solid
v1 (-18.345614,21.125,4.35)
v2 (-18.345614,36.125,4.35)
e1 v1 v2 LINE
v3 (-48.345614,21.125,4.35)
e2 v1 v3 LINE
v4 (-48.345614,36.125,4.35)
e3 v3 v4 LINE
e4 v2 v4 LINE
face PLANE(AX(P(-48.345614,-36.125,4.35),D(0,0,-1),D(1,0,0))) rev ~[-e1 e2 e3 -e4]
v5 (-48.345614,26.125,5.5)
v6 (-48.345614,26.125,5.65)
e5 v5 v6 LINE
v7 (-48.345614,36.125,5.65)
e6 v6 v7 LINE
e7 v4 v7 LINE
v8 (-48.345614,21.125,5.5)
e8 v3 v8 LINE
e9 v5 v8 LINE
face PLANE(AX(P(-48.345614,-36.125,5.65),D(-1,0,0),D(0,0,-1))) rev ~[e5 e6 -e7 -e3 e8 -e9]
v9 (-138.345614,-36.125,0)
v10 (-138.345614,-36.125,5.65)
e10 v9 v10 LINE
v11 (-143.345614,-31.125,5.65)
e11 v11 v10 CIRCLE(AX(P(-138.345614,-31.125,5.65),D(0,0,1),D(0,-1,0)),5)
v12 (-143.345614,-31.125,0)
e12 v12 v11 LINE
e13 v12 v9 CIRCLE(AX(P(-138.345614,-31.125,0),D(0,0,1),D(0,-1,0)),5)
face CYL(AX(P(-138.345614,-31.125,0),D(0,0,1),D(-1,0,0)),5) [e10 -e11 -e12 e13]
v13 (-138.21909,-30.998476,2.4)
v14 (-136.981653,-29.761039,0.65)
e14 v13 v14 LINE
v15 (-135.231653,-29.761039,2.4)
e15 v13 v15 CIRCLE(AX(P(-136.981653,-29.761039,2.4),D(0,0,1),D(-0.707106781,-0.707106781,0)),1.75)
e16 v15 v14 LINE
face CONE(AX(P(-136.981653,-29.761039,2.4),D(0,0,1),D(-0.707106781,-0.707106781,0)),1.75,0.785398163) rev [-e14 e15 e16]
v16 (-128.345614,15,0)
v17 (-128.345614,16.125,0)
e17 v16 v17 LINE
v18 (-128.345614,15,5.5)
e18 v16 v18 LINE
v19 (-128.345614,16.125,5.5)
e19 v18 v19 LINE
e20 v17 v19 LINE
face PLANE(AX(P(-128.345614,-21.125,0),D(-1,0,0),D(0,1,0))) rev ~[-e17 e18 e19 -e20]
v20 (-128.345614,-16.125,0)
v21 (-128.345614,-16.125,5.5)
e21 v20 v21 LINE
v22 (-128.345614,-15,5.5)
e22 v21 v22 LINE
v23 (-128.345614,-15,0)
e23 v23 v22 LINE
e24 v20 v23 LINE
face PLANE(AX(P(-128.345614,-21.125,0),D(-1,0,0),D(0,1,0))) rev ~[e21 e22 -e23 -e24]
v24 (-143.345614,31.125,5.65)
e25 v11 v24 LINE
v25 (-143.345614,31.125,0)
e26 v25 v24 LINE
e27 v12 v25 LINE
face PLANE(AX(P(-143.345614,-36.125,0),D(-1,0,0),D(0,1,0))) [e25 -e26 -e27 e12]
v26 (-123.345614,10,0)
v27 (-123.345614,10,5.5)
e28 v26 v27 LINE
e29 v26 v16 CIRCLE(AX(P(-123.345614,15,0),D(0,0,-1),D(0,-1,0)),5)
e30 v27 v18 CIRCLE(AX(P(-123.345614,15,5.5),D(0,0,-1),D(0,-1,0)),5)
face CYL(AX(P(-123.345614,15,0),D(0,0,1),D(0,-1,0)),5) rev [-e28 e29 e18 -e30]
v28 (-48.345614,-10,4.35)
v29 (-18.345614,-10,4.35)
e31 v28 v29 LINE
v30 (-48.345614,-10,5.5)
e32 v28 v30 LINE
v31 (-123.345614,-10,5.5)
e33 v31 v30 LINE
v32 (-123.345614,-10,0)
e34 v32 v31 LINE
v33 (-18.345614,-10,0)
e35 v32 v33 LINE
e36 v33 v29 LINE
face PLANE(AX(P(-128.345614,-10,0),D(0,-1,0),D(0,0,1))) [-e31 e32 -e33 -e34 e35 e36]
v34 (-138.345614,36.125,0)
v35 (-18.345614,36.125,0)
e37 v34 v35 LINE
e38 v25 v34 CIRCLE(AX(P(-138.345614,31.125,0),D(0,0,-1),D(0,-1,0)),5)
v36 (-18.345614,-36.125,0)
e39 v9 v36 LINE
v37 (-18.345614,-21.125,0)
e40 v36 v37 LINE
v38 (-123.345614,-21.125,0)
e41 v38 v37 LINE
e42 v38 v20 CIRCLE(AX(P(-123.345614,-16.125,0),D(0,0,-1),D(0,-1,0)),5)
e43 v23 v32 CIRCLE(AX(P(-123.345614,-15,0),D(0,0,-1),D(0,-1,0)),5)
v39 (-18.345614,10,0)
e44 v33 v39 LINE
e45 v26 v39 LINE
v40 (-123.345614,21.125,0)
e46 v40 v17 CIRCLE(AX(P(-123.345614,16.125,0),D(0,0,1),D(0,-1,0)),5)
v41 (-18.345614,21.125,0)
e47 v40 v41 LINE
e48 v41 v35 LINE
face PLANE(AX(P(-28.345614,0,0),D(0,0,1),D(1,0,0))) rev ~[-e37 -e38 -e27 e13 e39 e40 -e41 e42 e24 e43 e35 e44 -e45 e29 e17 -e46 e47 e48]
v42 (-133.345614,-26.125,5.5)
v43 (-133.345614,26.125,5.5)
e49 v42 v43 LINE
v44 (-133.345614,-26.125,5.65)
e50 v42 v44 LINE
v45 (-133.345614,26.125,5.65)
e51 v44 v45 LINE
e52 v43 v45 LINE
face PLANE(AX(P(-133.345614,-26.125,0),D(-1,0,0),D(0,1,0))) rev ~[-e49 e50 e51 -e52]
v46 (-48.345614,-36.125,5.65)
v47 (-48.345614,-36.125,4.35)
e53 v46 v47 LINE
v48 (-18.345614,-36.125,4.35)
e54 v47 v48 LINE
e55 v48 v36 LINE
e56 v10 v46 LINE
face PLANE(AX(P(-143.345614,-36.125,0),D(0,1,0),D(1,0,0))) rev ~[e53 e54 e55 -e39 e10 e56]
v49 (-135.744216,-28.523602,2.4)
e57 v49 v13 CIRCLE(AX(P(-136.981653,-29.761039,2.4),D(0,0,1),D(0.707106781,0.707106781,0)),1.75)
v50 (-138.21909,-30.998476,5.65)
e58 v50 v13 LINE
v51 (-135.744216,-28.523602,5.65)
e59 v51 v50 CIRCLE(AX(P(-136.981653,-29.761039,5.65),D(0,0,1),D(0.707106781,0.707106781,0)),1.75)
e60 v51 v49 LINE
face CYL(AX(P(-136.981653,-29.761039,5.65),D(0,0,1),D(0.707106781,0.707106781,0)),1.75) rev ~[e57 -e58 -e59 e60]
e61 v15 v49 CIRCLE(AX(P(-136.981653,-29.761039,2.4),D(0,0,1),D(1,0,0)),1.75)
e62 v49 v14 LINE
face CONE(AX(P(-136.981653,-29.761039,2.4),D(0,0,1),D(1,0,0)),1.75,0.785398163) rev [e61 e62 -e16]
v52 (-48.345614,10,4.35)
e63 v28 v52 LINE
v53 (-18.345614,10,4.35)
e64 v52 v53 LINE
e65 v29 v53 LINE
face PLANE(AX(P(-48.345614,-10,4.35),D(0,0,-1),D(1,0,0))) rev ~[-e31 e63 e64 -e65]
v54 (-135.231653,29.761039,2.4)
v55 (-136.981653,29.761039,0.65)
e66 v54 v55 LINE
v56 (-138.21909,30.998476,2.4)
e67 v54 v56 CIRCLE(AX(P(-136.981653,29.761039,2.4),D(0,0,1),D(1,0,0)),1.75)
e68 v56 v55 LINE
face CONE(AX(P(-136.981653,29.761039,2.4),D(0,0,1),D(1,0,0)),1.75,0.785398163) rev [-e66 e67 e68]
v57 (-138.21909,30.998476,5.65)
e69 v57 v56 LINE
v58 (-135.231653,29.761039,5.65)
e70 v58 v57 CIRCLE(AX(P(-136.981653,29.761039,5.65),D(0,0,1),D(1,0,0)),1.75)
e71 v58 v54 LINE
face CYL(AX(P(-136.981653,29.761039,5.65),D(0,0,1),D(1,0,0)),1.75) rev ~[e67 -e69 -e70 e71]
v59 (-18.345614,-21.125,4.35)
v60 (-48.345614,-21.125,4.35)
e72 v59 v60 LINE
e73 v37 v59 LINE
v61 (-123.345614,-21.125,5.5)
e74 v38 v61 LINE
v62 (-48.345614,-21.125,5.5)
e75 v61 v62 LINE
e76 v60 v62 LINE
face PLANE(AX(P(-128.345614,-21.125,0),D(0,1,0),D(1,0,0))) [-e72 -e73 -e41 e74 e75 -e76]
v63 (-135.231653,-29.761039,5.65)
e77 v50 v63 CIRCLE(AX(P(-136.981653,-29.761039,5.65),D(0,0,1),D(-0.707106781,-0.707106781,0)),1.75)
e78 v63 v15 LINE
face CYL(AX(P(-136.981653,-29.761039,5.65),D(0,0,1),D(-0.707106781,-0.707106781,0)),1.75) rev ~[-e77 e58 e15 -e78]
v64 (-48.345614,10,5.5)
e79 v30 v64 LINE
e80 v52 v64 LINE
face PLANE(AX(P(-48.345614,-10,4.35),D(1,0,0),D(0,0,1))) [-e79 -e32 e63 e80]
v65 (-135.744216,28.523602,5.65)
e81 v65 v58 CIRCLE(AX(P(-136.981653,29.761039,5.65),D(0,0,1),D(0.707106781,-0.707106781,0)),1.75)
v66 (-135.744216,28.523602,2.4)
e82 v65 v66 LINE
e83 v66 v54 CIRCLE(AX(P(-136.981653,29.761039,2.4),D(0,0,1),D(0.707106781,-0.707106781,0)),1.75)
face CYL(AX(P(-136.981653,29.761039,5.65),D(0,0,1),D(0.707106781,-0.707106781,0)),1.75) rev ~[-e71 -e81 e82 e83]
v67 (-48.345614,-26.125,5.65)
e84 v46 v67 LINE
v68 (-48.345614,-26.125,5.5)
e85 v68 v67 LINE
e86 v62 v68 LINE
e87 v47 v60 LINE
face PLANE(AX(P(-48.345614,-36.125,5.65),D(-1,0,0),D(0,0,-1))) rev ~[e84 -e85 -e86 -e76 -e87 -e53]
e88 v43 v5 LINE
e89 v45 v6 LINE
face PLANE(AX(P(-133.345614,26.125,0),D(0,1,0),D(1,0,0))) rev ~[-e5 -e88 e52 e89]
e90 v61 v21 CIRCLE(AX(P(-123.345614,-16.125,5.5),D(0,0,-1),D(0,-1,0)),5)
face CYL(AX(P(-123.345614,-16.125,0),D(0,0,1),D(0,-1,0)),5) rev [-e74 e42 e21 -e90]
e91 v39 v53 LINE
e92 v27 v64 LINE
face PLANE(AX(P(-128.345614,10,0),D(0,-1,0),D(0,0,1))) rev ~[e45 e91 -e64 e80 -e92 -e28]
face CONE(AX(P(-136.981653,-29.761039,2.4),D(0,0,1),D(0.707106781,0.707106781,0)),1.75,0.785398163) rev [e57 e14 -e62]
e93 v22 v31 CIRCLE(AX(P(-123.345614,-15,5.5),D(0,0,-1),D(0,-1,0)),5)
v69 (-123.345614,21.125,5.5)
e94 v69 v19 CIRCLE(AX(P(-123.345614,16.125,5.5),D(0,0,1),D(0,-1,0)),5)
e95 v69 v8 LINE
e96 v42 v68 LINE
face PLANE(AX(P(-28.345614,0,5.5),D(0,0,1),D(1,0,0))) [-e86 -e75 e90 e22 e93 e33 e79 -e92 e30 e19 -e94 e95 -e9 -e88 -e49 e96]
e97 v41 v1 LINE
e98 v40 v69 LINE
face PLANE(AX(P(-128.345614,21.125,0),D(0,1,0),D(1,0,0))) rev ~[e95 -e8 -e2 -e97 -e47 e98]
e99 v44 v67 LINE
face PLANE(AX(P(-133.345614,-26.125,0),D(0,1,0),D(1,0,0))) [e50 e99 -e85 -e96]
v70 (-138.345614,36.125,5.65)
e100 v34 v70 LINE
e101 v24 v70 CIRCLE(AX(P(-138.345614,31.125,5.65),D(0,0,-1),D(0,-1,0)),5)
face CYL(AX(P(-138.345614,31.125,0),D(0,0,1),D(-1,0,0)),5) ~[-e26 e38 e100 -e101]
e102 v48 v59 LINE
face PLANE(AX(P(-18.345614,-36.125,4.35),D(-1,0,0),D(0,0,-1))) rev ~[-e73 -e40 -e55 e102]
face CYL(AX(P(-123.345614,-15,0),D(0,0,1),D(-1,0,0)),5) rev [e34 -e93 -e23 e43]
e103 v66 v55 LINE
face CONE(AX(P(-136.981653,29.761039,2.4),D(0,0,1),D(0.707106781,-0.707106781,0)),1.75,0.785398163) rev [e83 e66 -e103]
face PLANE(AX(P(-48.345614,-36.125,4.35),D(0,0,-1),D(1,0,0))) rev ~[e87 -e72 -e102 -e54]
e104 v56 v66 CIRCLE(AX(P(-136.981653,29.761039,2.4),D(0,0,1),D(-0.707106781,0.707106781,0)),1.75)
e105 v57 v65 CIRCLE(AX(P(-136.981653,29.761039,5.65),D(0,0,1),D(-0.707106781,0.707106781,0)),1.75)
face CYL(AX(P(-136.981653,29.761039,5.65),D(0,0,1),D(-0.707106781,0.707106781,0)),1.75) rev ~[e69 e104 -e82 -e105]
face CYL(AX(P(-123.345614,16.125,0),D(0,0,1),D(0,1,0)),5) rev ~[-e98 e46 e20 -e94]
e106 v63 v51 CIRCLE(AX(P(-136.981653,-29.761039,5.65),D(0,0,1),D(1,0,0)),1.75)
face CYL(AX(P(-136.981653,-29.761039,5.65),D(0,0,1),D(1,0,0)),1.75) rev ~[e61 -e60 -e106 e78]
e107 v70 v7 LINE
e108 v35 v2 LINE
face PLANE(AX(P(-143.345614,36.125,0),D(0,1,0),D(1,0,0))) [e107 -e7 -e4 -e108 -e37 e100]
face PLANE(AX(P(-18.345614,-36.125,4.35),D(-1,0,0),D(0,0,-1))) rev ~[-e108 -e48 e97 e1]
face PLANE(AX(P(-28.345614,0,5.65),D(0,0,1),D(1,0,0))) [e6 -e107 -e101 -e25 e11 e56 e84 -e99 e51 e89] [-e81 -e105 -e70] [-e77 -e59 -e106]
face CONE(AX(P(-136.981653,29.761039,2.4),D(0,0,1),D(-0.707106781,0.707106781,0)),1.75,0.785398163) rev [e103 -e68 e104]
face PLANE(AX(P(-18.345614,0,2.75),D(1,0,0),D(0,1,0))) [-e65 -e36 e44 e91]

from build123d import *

# Parameters (mm, degrees)
F0_W      = 210
F0_H      = 52.25
F0_W_2    = 200
F0_H_2    = 42.25
F1_DEPTH  = 5.5
F0_W_3    = 230
F0_H_3    = 72.25
F2_DEPTH  = 5.65
F4_DEPTH  = 100
F6_DEPTH  = 5
F7_SIZE   = 1.75
F8_R      = 5
F9_R      = 5
F10_W     = 20
F10_H     = 5.5
F11_DEPTH = 110
F12_W     = 30
F12_H     = 1.15
F13_DEPTH = 25
F14_R     = 5


with BuildPart() as f1:
    # F0 (on Top) → F1 (new body)
    with BuildSketch(Plane.XY):
        with Locations((-28.3456140757, 0)):
            Rectangle(F0_W, F0_H)
        with Locations((-28.3456140757, 0)):
            Rectangle(F0_W_2, F0_H_2, mode=Mode.SUBTRACT)
    extrude(amount=F1_DEPTH)

    # F0 (on Top) → F2 (join)
    with BuildSketch(Plane.XY):
        with Locations((-28.3456140757, 0)):
            Rectangle(F0_W_3, F0_H_3)
        with Locations((-28.3456140757, 0)):
            Rectangle(F0_W, F0_H, mode=Mode.SUBTRACT)
    extrude(amount=F2_DEPTH)

    # F3 (on face) → F4 (cut)
    with BuildSketch(Plane.XZ.offset(36.125)):
        Polygon((-48.3456140757, 5.65), (-48.3456140757, 4.35), (-18.3456140757, 4.35), (-18.3456140757, 0), (86.6543859243, 0), (86.6543859243, 5.65), align=None)
    extrude(amount=-F4_DEPTH, mode=Mode.SUBTRACT)

    # F5 (on face) → F6 (cut)
    with BuildSketch(Plane.XY.offset(5.65)):
        with BuildLine():
            ThreePointArc((-135.231653045, 29.7610389693), (-136.3119570383, 31.3778281512), (-138.2190899121, 30.9984758364))
            Line((-138.2190899121, 30.9984758364), (-135.7442161779, 28.5236021022))
            ThreePointArc((-135.7442161779, 28.5236021022), (-135.3648638631, 29.0913429627), (-135.231653045, 29.7610389693))
        make_face()
        with BuildLine():
            Line((-135.7442161779, 28.5236021022), (-138.2190899121, 30.9984758364))
            ThreePointArc((-138.2190899121, 30.9984758364), (-138.2190899121, 28.5236021022), (-135.7442161779, 28.5236021022))
        make_face()
        with BuildLine():
            ThreePointArc((-135.7442161779, -28.5236021022), (-138.2190899121, -28.5236021022), (-138.2190899121, -30.9984758364))
            Line((-138.2190899121, -30.9984758364), (-135.7442161779, -28.5236021022))
        make_face()
        with BuildLine():
            Line((-135.7442161779, -28.5236021022), (-138.2190899121, -30.9984758364))
            ThreePointArc((-138.2190899121, -30.9984758364), (-136.3119570383, -31.3778281512), (-135.231653045, -29.7610389693))
            ThreePointArc((-135.231653045, -29.7610389693), (-135.3648638631, -29.0913429627), (-135.7442161779, -28.5236021022))
        make_face()
    extrude(amount=-F6_DEPTH, mode=Mode.SUBTRACT)

    # F7
    f7_edges = [f1.edges().sort_by_distance(p)[0] for p in [
        (-135.744216, -28.523602, 0.65),
        (-138.731653, 29.761039, 0.65),
    ]]
    chamfer(f7_edges, length=F7_SIZE)

    # F8
    f8_edges = [f1.edges().sort_by_distance(p)[0] for p in [
        (-143.345614, 36.125, 2.825),
        (-143.345614, -36.125, 2.825),
    ]]
    fillet(f8_edges, radius=F8_R)

    # F9
    f9_edges = [f1.edges().sort_by_distance(p)[0] for p in [
        (-128.345614, -21.125, 2.75),
        (-128.345614, 21.125, 2.75),
    ]]
    fillet(f9_edges, radius=F9_R)

    # F10 (on face) → F11 (join)
    with BuildSketch(Plane.YZ.offset(-128.3456140757)):
        with Locations((0, 2.75)):
            Rectangle(F10_W, F10_H)
    extrude(amount=F11_DEPTH)

    # F12 (on face) → F13 (cut)
    with BuildSketch(Plane.XZ.offset(10)):
        with Locations((-33.3456140757, 4.925)):
            Rectangle(F12_W, F12_H)
    extrude(amount=-F13_DEPTH, mode=Mode.SUBTRACT)

    # F14
    f14_edges = [f1.edges().sort_by_distance(p)[0] for p in [
        (-128.345614, -10, 2.75),
        (-128.345614, 10, 2.75),
    ]]
    fillet(f14_edges, radius=F14_R)


solid = f1.part
